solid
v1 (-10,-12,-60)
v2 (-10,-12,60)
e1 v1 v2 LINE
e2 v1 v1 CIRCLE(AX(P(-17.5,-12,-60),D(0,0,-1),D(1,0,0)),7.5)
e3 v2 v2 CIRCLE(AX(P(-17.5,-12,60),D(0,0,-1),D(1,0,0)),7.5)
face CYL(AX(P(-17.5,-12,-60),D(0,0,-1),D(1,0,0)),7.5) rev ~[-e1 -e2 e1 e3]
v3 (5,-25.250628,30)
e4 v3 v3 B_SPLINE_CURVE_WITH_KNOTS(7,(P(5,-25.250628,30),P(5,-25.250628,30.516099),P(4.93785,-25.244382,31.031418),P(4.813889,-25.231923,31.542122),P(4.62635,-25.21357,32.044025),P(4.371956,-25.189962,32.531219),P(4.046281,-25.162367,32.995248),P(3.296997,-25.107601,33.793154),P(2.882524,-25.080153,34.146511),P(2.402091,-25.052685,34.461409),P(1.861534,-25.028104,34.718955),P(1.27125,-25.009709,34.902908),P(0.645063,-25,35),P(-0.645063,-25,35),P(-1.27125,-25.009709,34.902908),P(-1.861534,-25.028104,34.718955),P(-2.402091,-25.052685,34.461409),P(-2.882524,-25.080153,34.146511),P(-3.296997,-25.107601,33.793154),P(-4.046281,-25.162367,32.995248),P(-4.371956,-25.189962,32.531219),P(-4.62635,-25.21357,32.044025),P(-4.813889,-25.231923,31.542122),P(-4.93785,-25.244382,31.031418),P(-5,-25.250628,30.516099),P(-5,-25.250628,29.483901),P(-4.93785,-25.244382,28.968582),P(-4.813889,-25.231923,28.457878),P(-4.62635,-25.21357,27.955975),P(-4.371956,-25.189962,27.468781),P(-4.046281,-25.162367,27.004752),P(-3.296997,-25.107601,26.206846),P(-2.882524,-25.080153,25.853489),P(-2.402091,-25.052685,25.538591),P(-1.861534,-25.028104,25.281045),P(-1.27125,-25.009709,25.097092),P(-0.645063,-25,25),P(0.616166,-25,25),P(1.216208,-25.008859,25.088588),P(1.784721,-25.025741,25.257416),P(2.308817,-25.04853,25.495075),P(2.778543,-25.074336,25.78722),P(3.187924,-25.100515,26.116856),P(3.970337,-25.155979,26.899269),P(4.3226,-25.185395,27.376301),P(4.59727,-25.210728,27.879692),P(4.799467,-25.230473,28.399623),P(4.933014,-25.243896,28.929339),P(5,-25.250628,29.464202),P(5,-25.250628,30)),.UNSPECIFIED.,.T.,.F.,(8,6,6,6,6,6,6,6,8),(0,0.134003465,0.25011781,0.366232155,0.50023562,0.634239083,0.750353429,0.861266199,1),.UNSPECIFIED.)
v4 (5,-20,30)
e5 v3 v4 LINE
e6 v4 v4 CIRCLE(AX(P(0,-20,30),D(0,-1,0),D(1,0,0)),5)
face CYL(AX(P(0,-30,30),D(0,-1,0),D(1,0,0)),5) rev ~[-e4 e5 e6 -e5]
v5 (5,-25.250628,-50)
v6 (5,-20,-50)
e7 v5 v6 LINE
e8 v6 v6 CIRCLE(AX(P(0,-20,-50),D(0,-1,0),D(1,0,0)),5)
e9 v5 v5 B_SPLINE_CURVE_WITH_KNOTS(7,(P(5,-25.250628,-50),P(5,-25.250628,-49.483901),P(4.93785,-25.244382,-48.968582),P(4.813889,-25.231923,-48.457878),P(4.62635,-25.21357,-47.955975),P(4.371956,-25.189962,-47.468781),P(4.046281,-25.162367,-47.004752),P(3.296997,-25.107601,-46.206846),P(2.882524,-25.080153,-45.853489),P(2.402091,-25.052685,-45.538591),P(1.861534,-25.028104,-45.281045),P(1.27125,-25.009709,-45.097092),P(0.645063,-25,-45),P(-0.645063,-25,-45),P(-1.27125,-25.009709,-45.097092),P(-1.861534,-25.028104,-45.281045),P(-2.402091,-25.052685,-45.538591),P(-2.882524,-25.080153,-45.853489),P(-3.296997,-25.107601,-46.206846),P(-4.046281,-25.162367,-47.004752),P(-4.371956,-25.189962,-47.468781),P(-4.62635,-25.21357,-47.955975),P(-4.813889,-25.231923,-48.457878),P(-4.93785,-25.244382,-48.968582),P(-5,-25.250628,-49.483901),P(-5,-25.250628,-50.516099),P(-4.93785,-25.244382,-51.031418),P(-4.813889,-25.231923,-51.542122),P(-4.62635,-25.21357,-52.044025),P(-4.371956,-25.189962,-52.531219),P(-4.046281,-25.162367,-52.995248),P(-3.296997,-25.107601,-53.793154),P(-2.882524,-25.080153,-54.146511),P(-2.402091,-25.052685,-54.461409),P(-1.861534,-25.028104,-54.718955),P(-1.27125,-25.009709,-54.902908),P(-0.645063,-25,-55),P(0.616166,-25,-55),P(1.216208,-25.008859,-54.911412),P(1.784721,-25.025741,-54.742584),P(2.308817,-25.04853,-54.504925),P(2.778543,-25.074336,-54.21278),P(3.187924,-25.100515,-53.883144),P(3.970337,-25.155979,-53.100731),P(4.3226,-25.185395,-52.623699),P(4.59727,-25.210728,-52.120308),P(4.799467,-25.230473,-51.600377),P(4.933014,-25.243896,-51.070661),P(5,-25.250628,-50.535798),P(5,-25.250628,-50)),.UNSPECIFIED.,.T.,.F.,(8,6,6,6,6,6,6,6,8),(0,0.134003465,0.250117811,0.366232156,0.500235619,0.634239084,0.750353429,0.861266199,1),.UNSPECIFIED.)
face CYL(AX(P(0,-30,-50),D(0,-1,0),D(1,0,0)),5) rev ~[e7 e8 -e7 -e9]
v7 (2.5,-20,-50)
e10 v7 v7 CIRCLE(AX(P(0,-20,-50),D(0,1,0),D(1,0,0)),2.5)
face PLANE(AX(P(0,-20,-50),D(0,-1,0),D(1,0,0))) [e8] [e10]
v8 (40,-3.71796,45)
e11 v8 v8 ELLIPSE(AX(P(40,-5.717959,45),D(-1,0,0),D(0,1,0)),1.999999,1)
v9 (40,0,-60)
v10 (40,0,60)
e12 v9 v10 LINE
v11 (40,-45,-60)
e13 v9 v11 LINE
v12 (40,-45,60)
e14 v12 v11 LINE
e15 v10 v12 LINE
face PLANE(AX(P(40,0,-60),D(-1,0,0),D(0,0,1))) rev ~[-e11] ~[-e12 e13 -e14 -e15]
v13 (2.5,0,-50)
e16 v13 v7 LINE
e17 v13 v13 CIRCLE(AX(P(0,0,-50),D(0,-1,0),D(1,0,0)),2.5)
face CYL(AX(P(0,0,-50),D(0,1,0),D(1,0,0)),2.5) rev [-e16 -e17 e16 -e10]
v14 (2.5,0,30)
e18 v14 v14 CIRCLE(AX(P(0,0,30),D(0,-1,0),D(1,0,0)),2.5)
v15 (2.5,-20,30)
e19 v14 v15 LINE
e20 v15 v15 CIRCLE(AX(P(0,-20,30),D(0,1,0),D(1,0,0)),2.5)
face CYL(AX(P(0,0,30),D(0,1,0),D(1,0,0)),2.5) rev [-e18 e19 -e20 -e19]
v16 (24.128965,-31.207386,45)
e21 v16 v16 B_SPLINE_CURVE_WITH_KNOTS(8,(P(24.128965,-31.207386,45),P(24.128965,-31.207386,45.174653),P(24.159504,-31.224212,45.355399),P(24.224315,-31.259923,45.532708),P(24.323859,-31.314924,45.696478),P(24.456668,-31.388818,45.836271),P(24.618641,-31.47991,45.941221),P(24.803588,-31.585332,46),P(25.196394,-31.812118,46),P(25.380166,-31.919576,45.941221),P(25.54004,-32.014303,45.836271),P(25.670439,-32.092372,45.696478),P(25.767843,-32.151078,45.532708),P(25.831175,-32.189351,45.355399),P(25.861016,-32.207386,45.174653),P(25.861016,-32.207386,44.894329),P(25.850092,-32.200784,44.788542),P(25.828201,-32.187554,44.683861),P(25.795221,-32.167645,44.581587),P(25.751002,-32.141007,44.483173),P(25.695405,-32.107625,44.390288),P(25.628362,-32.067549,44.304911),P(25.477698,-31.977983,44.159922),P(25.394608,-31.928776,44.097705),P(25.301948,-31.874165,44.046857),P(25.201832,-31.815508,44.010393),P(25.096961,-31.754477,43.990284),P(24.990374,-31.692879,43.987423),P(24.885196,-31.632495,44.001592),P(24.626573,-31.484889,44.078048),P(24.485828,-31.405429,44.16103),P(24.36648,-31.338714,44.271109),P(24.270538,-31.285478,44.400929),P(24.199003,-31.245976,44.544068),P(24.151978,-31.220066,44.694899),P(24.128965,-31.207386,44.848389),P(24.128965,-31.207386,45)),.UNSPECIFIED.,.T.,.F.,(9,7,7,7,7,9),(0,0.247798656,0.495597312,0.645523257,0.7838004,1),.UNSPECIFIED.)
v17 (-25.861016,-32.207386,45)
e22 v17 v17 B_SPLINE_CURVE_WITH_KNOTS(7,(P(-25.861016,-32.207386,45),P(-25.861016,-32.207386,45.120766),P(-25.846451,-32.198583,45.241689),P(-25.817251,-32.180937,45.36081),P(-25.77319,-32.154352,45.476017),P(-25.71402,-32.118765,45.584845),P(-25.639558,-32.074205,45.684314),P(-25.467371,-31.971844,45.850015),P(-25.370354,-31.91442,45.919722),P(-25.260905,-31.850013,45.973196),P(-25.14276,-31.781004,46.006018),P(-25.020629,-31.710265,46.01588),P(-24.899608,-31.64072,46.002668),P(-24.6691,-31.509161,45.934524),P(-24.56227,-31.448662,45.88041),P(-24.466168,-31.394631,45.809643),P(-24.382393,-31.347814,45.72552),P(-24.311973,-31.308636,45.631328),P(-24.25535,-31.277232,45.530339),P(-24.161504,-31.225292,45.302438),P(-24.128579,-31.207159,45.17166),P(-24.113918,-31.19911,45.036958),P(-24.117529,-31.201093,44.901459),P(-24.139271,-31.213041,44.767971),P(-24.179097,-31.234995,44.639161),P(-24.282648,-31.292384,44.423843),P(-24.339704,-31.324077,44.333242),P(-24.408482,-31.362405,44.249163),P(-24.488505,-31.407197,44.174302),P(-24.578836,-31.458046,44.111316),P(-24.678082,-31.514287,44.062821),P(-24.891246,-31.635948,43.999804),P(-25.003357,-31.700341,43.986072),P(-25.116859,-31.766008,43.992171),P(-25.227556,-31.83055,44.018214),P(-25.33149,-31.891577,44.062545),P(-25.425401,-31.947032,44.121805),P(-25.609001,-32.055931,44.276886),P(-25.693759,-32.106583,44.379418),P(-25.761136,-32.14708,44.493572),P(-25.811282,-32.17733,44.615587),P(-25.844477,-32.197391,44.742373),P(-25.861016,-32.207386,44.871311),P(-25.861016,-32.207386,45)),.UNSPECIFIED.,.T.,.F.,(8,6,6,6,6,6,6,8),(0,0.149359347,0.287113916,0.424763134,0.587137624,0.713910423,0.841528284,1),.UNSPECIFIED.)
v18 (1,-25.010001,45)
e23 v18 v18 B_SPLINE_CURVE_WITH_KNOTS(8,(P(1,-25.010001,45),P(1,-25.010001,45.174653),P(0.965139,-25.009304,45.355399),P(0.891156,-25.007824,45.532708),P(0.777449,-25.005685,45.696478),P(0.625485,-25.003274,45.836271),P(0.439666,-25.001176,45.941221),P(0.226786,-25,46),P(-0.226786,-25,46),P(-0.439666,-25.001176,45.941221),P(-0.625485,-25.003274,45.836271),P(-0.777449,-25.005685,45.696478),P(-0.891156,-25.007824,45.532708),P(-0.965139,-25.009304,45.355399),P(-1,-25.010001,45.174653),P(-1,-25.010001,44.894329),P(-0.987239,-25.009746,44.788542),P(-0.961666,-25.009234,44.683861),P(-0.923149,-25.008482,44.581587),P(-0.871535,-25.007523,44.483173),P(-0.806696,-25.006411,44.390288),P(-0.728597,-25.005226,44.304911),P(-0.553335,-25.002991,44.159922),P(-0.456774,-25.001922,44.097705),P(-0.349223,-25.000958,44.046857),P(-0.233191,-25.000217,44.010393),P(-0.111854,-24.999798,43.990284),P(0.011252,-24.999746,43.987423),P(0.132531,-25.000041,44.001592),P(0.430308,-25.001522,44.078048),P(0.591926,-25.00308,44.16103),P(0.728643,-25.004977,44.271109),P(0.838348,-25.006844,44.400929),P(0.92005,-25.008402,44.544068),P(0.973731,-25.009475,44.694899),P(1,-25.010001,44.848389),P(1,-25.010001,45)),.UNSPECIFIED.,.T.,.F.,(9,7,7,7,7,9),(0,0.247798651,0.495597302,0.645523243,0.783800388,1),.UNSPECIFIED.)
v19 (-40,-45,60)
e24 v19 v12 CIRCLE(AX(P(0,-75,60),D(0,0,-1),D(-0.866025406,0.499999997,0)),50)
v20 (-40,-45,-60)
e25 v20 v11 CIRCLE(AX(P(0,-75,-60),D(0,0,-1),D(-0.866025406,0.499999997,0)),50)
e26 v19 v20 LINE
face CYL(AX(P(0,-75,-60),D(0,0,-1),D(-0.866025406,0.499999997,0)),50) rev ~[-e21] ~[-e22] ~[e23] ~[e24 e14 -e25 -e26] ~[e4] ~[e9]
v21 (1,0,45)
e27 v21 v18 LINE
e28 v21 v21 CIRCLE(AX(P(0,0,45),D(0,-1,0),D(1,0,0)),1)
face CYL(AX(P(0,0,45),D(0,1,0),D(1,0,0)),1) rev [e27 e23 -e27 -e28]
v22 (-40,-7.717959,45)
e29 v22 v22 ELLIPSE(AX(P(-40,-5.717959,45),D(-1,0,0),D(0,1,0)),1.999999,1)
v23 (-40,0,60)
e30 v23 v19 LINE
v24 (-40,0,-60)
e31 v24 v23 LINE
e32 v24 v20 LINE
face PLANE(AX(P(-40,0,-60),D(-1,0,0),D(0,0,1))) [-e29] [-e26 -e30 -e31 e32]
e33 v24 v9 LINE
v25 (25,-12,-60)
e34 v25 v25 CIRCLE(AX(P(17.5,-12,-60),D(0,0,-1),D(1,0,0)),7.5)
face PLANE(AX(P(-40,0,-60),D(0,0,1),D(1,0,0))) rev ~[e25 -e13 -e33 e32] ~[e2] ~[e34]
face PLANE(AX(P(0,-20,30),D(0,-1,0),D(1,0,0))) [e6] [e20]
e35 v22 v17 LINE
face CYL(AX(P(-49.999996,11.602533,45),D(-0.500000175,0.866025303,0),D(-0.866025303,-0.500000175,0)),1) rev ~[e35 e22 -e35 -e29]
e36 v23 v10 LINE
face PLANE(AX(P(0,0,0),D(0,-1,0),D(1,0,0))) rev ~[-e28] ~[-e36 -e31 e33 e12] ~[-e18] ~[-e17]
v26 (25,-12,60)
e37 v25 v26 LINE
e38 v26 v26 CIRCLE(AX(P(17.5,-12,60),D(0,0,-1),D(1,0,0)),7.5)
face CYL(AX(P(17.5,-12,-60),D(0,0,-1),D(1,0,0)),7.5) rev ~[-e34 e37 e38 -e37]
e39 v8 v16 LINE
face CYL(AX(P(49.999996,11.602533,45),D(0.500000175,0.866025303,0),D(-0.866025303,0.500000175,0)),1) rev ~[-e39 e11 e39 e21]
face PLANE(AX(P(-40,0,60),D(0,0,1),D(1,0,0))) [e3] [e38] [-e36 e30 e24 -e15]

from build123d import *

# Parameters (mm, degrees)
F0_W      = 80
F0_H      = 120
F0_R      = 2.5
F0_R_2    = 1
F1_DEPTH  = 50
F3_DEPTH  = 120.001
F5_R      = 5
F6_DEPTH  = 10
F7_R      = 7.5
F8_DEPTH  = 120
F13_R     = 1
F15_DEPTH = 94.020238
F14_R     = 1
F16_DEPTH = 94.020238


with BuildPart() as f1:
    # F0 (on Front) → F1 (new body)
    with BuildSketch(Plane.XZ):
        Rectangle(F0_W, F0_H)
        with Locations((0, -50)):
            Circle(F0_R, mode=Mode.SUBTRACT)
        with Locations((0, 30)):
            Circle(F0_R, mode=Mode.SUBTRACT)
        with Locations((0, 45)):
            Circle(F0_R_2, mode=Mode.SUBTRACT)
    extrude(amount=F1_DEPTH)

    # F2 (on face) → F3 (cut, through all)
    with BuildSketch(Plane(origin=(0, 0, -60), x_dir=(1, 0, 0), z_dir=(0, 0, -1))):
        with BuildLine():
            Line((43.30127, 50), (-43.30127, 50))
            ThreePointArc((-43.30127, 50), (0, 25), (43.30127, 50))
        make_face()
    extrude(amount=-F3_DEPTH, mode=Mode.SUBTRACT)

    # F5 (on offset) → F6 (cut)
    with BuildSketch(Plane.XZ.offset(30)):
        with Locations((0, -50)):
            Circle(F5_R)
        with Locations((0, 30)):
            Circle(F5_R)
    extrude(amount=-F6_DEPTH, mode=Mode.SUBTRACT)

    # F7 (on face) → F8 (cut, through all)
    with BuildSketch(Plane(origin=(0, 0, -60), x_dir=(1, 0, 0), z_dir=(0, 0, -1))):
        with Locations((-17.5, 12)):
            Circle(F7_R)
        with Locations((17.5, 12)):
            Circle(F7_R)
    extrude(amount=-F8_DEPTH, mode=Mode.SUBTRACT)

    # F13 (on face) → F15 (cut, through all)
    with BuildSketch(Plane(origin=(17.524047, 30.35254, 0), x_dir=(-0.866025, 0.5, 0), z_dir=(0.5, 0.866025, 0))):
        with Locations((-37.5, 45)):
            Circle(F13_R)
    extrude(amount=-F15_DEPTH, mode=Mode.SUBTRACT)

    # F14 (on face) → F16 (cut, through all)
    with BuildSketch(Plane(origin=(-17.524047, 30.35254, 0), x_dir=(-0.866025, -0.5, 0), z_dir=(-0.5, 0.866025, 0))):
        with Locations((37.5, 45)):
            Circle(F14_R)
    extrude(amount=-F16_DEPTH, mode=Mode.SUBTRACT)


solid = f1.part
